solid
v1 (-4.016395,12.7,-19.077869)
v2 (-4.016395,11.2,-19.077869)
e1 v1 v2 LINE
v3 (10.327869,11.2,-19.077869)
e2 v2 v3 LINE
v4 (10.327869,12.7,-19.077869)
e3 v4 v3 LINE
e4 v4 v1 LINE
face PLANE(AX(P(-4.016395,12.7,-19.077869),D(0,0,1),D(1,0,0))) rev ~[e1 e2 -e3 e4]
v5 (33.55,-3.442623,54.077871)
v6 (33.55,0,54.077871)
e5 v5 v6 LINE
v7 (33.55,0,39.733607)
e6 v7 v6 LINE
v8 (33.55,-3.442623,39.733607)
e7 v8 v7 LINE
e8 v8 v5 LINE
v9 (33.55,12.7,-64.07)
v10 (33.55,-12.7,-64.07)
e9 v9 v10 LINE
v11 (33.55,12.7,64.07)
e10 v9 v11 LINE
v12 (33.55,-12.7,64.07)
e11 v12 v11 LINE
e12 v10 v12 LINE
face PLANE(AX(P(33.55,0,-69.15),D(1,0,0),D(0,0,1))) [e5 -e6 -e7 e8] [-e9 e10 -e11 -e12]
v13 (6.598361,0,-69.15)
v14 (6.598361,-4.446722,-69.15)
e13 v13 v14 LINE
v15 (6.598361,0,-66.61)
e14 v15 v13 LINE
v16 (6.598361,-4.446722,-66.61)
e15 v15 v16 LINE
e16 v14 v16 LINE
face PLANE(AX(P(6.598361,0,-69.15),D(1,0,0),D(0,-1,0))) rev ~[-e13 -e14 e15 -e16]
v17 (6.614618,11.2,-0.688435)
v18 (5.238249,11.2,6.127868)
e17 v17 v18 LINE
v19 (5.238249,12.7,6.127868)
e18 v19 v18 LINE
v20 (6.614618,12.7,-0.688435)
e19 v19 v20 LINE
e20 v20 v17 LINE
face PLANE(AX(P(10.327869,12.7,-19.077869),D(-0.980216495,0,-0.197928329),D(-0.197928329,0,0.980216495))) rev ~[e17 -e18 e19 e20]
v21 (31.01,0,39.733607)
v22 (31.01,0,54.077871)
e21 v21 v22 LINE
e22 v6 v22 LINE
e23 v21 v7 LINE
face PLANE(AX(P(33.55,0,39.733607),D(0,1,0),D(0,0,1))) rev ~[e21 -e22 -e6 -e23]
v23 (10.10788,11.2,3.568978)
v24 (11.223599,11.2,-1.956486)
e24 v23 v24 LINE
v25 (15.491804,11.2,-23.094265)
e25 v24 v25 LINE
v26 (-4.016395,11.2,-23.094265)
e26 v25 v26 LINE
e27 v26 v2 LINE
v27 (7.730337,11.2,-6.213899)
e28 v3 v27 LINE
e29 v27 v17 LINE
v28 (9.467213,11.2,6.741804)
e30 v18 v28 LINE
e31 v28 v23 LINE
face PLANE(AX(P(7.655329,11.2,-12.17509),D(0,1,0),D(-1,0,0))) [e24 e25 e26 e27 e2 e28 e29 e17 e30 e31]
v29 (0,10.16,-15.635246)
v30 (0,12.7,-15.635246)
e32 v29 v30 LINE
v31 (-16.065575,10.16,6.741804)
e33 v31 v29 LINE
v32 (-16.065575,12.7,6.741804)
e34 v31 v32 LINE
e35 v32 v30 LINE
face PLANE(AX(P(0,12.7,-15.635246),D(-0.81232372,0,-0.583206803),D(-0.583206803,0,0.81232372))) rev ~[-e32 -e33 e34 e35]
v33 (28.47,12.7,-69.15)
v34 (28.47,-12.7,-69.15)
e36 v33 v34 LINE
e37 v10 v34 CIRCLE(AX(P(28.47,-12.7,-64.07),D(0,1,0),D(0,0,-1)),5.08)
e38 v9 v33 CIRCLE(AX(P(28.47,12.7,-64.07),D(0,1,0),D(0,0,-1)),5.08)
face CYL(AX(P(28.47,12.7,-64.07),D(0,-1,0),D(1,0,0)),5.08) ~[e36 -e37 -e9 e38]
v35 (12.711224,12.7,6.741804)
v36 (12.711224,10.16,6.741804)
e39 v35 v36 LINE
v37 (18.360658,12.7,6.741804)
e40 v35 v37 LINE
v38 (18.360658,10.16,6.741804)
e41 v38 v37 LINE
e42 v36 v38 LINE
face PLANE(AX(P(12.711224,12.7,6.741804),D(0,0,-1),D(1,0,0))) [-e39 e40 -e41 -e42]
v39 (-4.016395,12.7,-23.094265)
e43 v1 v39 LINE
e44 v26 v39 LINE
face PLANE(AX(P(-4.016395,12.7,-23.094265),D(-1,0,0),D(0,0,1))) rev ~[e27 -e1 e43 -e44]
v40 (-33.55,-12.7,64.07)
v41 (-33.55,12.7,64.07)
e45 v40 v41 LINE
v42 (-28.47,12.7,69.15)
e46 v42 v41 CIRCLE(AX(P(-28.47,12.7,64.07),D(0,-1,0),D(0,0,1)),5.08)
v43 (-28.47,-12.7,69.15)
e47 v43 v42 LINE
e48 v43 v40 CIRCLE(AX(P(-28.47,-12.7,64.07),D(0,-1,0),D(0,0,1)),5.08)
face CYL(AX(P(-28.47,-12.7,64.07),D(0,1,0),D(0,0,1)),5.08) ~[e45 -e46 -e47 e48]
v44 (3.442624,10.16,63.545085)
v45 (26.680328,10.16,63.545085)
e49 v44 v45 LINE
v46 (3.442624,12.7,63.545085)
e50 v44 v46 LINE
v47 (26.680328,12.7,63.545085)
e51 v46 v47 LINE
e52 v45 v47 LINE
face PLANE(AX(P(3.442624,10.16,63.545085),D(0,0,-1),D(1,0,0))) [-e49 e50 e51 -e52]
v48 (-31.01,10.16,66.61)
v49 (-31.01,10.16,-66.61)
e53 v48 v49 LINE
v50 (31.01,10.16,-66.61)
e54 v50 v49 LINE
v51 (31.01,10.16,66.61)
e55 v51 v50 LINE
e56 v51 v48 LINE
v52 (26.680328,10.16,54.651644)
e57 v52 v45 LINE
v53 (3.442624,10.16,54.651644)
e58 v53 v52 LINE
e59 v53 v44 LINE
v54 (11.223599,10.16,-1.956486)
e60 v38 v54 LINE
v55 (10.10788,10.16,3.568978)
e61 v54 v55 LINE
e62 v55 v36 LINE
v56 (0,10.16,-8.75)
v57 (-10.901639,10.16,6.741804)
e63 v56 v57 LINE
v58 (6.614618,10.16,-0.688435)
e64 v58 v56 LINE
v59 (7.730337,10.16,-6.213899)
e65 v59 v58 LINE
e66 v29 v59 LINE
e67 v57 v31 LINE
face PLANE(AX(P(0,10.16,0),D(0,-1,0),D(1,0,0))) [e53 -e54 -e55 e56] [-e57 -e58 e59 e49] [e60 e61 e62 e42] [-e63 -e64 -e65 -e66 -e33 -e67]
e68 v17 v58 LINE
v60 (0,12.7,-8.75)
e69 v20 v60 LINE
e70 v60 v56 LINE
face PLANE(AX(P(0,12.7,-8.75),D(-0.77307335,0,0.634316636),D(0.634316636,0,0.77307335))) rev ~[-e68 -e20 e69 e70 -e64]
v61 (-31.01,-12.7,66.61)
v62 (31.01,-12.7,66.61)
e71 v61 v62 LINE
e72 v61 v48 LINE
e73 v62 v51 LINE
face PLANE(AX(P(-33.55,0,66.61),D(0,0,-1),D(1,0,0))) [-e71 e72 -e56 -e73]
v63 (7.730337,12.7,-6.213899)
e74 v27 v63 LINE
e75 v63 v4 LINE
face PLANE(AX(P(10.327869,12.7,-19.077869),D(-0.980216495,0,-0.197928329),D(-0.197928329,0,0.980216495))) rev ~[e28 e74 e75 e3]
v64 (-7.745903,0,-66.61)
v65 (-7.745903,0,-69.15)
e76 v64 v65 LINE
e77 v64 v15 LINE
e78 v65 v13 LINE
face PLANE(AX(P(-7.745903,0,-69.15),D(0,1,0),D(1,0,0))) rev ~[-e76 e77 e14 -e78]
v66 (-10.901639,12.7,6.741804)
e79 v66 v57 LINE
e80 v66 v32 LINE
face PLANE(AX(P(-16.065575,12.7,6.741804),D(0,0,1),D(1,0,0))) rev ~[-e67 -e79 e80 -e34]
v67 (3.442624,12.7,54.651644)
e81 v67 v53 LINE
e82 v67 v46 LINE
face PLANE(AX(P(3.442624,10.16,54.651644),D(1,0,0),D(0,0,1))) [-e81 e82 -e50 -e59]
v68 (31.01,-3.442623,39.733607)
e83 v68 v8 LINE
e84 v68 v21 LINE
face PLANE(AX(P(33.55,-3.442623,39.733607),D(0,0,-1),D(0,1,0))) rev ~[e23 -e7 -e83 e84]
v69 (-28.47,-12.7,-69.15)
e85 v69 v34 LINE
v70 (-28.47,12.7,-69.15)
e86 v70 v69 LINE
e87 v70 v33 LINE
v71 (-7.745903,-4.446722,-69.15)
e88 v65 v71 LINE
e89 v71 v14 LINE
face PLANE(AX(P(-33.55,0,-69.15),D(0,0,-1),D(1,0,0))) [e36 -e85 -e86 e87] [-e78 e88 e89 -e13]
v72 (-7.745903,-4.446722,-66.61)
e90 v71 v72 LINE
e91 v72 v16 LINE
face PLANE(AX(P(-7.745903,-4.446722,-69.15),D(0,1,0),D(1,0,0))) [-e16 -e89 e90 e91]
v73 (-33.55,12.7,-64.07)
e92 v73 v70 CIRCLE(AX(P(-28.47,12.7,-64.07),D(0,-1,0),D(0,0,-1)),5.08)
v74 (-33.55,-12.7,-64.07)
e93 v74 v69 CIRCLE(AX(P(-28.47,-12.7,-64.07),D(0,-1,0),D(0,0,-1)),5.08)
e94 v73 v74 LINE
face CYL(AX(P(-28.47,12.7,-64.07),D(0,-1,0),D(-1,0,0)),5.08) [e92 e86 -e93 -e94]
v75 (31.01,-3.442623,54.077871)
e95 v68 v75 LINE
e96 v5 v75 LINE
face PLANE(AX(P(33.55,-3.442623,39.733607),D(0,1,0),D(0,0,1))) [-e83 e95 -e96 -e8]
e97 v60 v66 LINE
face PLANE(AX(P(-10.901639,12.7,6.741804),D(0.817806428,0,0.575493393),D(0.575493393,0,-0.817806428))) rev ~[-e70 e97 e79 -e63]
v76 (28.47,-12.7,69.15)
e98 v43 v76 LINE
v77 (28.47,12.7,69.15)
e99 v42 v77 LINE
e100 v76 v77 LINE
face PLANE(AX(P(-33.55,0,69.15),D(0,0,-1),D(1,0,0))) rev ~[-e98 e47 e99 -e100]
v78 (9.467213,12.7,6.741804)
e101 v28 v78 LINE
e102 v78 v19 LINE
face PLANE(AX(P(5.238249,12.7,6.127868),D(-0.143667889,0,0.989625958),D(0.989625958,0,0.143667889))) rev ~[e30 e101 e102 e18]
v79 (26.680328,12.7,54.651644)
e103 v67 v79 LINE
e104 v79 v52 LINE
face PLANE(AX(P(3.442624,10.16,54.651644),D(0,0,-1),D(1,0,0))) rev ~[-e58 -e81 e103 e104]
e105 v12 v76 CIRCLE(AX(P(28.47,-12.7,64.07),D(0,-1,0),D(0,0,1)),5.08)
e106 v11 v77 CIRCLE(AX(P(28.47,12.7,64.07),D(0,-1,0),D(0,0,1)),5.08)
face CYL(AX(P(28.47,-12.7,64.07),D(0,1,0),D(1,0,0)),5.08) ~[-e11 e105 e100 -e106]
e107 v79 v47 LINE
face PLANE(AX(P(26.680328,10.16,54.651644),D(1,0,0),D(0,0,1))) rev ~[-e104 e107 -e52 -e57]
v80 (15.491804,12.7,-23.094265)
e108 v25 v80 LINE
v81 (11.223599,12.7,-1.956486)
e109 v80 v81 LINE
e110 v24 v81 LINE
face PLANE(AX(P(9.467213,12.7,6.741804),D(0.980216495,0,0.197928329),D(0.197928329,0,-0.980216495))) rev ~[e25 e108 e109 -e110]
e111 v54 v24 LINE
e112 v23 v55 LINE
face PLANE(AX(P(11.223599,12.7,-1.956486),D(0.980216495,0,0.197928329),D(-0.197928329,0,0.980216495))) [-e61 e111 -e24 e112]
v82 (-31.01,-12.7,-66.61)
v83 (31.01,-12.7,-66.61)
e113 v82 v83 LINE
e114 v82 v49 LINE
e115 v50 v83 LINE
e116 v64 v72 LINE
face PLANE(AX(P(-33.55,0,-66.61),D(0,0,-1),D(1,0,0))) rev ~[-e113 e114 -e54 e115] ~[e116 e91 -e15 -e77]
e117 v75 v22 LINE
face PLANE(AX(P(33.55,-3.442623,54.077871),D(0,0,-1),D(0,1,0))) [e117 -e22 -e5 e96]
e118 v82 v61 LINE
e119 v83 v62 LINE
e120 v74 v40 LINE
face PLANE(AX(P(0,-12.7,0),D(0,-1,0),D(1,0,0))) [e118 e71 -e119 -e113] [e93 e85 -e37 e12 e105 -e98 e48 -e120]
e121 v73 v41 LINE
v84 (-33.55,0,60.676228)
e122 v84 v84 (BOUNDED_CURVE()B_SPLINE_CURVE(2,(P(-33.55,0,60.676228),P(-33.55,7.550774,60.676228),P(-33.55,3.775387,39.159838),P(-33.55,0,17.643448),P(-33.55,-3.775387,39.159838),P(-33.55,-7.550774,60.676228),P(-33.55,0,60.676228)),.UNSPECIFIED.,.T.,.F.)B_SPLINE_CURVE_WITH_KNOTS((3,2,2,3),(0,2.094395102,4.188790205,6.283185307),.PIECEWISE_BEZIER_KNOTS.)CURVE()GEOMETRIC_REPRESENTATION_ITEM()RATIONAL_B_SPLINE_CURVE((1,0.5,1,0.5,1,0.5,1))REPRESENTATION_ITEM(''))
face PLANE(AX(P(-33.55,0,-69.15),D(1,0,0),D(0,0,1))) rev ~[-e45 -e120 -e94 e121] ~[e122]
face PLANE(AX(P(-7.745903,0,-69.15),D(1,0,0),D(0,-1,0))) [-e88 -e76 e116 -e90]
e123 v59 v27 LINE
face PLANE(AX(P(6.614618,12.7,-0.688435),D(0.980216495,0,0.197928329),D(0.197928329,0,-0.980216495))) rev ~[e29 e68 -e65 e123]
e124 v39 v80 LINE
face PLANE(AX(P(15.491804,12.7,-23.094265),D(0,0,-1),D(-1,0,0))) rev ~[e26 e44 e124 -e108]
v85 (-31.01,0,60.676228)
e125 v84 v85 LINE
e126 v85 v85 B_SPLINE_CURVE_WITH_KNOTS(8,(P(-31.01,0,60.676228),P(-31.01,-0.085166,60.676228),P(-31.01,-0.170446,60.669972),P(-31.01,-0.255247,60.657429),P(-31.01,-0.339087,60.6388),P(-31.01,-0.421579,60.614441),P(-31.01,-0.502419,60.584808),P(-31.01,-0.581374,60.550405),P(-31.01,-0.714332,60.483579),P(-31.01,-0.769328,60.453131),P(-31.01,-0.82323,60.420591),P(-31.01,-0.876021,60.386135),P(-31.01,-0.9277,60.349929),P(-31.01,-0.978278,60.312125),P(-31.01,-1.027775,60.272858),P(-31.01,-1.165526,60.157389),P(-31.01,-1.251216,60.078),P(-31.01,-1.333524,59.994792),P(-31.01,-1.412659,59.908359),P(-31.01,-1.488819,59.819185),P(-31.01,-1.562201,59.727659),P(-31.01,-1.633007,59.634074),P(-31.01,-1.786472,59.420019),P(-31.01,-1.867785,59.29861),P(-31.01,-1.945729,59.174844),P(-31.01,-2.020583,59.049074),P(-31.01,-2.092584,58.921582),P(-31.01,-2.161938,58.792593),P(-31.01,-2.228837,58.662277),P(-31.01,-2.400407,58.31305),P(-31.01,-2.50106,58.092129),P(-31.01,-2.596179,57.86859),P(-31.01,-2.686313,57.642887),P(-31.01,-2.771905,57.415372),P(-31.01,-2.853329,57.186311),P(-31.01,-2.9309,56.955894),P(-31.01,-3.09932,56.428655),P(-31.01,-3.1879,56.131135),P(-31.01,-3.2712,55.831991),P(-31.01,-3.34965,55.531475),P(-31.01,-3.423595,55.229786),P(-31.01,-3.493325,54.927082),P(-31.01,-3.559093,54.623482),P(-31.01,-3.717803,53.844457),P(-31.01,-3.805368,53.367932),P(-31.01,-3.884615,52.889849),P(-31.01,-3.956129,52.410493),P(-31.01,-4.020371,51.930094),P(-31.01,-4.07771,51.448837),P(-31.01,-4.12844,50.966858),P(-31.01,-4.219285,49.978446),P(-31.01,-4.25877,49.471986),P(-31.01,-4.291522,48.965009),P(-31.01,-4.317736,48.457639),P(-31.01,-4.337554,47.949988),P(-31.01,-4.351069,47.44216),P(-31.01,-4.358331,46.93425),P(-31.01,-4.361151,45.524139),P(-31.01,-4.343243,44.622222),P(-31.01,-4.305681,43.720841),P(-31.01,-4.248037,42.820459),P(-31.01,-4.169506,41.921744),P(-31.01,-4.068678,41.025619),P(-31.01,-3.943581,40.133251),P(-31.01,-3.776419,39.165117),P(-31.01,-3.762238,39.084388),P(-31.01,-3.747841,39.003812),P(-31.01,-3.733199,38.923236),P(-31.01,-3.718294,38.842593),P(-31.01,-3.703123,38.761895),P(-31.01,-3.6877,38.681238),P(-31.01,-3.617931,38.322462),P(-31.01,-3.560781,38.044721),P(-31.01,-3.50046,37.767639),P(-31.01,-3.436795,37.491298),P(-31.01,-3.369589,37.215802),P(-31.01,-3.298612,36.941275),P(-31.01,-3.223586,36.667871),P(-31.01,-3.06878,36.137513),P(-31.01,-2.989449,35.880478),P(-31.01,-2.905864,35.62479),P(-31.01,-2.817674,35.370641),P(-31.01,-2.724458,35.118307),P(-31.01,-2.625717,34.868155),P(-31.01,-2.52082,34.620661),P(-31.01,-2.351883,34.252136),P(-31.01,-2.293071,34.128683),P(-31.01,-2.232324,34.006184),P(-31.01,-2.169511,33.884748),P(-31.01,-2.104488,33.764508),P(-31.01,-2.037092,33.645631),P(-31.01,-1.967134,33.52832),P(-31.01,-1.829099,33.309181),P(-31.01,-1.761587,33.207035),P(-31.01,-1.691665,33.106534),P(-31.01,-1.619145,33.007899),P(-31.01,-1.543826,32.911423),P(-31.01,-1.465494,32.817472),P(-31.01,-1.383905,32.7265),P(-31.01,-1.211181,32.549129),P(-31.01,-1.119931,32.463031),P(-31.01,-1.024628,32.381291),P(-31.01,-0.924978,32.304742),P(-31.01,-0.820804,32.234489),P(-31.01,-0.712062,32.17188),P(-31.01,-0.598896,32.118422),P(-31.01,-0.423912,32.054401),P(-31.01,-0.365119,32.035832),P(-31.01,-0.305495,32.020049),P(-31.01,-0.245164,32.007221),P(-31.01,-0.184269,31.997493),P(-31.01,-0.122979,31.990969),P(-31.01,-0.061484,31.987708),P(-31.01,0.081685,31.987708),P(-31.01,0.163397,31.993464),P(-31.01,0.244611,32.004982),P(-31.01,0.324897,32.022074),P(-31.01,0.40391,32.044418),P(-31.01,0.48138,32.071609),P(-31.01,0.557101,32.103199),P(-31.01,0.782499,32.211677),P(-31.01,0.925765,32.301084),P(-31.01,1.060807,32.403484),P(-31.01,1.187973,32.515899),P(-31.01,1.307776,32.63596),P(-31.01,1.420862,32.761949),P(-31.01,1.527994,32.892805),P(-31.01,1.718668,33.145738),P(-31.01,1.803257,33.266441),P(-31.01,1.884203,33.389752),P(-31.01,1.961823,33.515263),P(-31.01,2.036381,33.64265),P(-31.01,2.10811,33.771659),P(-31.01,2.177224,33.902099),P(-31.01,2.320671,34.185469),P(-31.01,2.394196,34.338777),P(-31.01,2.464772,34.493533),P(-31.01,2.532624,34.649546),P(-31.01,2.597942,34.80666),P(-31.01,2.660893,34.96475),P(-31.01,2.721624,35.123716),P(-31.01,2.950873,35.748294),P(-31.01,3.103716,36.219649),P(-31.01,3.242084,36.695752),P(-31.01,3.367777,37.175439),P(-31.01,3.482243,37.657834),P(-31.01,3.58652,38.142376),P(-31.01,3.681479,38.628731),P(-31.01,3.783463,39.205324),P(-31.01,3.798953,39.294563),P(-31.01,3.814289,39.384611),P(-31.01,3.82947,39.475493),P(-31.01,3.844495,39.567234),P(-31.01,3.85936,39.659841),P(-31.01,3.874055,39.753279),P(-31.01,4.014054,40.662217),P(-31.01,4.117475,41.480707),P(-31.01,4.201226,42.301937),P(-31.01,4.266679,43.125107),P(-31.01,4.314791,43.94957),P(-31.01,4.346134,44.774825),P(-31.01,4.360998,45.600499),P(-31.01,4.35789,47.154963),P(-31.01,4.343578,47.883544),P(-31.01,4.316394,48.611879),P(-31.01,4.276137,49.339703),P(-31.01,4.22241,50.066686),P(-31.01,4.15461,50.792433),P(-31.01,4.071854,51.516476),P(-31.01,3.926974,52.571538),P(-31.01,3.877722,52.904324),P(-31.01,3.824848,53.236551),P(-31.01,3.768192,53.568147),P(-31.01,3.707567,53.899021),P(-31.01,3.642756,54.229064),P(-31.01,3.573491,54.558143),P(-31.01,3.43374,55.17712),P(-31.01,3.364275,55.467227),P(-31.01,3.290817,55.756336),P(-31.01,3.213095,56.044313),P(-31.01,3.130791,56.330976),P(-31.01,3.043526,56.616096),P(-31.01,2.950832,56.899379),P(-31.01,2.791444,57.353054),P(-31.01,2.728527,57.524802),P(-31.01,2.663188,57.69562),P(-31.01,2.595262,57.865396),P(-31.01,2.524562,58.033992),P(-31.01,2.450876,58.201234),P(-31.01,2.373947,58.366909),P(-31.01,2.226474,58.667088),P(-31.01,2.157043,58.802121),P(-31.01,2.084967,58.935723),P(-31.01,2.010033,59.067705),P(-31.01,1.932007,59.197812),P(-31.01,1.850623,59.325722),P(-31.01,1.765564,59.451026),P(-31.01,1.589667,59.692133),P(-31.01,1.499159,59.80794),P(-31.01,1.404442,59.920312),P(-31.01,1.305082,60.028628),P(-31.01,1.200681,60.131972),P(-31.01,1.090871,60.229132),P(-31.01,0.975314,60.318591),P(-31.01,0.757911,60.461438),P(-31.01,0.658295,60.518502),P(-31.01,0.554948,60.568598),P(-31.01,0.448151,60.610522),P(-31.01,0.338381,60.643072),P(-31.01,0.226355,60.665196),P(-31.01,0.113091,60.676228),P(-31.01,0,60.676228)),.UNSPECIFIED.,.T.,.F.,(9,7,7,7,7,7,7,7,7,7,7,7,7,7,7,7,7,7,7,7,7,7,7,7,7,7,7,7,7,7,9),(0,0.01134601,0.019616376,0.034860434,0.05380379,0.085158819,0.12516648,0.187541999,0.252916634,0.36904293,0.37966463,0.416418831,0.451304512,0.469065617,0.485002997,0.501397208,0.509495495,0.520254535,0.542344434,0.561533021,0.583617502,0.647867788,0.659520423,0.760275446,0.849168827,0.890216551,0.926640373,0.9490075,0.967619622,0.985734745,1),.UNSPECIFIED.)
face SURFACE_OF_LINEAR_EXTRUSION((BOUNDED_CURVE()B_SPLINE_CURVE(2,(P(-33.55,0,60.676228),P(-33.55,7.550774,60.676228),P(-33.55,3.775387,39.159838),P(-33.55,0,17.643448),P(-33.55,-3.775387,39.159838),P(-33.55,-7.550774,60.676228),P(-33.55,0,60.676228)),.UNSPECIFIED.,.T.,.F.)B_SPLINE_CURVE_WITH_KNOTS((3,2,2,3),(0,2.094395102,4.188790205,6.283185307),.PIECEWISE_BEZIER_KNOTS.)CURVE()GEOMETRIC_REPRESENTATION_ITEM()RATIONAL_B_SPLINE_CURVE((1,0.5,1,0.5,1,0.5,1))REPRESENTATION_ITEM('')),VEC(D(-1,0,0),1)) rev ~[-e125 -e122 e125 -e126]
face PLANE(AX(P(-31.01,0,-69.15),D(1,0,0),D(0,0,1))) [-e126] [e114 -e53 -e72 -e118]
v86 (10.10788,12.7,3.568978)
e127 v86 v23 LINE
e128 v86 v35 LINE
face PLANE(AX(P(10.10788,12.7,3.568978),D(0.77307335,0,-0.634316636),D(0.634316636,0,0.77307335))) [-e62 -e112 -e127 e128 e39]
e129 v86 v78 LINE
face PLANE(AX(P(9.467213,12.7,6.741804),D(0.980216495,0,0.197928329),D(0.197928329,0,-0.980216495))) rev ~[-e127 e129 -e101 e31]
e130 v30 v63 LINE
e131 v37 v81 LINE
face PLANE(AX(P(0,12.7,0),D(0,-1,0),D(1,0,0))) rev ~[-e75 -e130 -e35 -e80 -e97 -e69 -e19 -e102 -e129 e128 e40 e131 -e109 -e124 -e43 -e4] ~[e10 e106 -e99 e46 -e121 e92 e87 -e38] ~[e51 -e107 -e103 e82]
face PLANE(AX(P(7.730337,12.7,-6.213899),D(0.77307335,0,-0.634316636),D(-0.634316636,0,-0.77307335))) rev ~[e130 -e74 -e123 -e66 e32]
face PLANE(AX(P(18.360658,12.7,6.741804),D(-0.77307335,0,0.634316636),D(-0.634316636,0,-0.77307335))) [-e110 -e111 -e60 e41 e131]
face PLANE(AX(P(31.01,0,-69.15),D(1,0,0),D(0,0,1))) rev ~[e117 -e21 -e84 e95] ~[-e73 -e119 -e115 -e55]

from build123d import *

# Parameters (mm, degrees)
F0_W      = 67.1
F0_H      = 138.3
F1_DEPTH  = 12.7
F2_T      = -2.54
F3_R      = 5.08
F4_W      = 23.2377038337
F4_H      = 8.8934414089
F5_DEPTH  = 12.5
F6_W      = 14.3442638218
F6_H      = 4.4467216358
F7_DEPTH  = 35
F9_DEPTH  = 27.5
F10_W     = 3.4426231869
F10_H     = 14.3442638218
F11_DEPTH = 27.5
F13_DEPTH = 1.5
F15_DEPTH = 27.5


with BuildPart() as f1:
    # F0 (on Front) → F1 (new body, symmetric)
    with BuildSketch(Plane.XZ):
        Rectangle(F0_W, F0_H)
    extrude(amount=F1_DEPTH, both=True)

    # F2
    f2_openings = [f1.faces().sort_by_distance(p)[0] for p in [
        (0, -12.7, 0),
    ]]
    offset(amount=F2_T, openings=f2_openings)

    # F3
    f3_edges = [f1.edges().sort_by_distance(p)[0] for p in [
        (33.55, 0, 69.15),
        (33.55, 0, -69.15),
        (-33.55, 0, 69.15),
        (-33.55, 0, -69.15),
    ]]
    fillet(f3_edges, radius=F3_R)

    # F4 (on face) → F5 (cut, symmetric)
    with BuildSketch(Plane.XZ.offset(-10.16)):
        with Locations((15.061476035, 59.0983647853)):
            Rectangle(F4_W, F4_H)
    extrude(amount=F5_DEPTH, both=True, mode=Mode.SUBTRACT)

    # F6 (on face) → F7 (cut, symmetric)
    with BuildSketch(Plane(origin=(0, 0, -69.15), x_dir=(1, 0, 0), z_dir=(0, 0, -1))):
        with Locations((-0.5737706088, 2.2233608179)):
            Rectangle(F6_W, F6_H)
    extrude(amount=F7_DEPTH, both=True, mode=Mode.SUBTRACT)

    # F8 (on face) → F9 (cut, symmetric)
    with BuildSketch(Plane(origin=(-33.55, 0, 0), x_dir=(0, -1, 0), z_dir=(-1, 0, 0))):
        with BuildLine():
            add(Edge.make_bspline(
                [(0, 60.676228255), (-7.550774062, 60.676228255), (-3.775387031, 39.1598381102), (0, 17.6434479654), (3.775387031, 39.1598381102), (7.550774062, 60.676228255), (0, 60.676228255)],
                knots=[0, 0, 0, 2.0943951024, 2.0943951024, 4.1887902048, 4.1887902048, 6.2831853072, 6.2831853072, 6.2831853072], degree=2, weights=[1, 0.5, 1, 0.5, 1, 0.5, 1]))
        make_face()
    extrude(amount=F9_DEPTH, both=True, mode=Mode.SUBTRACT)

    # F10 (on face) → F11 (cut, symmetric)
    with BuildSketch(Plane.YZ.offset(33.55)):
        with Locations((-1.7213115934, 46.9057392329)):
            Rectangle(F10_W, F10_H)
    extrude(amount=F11_DEPTH, both=True, mode=Mode.SUBTRACT)

    # F12 (on face) → F13 (cut, symmetric)
    with BuildSketch(Plane(origin=(0, 12.7, 0), x_dir=(-1, 0, 0), z_dir=(0, 1, 0))):
        Polygon((-5.2382490833, 6.1278682367), (-9.4672134146, 6.7418036051), (-15.491804108, -23.0942647904), (4.0163947269, -23.0942647904), (4.0163947269, -19.0778691322), (-10.3278690949, -19.0778691322), align=None)
    extrude(amount=F13_DEPTH, both=True, mode=Mode.SUBTRACT)

    # F14 (on face) → F15 (cut, symmetric)
    with BuildSketch(Plane(origin=(0, 12.7, 0), x_dir=(-1, 0, 0), z_dir=(0, 1, 0))):
        Polygon((-12.711224328, 6.7418036051), (-18.3606576174, 6.7418036051), (-11.2235988457, -1.9564862073), (-10.1078801099, 3.5689780455), align=None)
        Polygon((-6.6146179771, -0.6884349019), (-7.730336713, -6.2138991547), (0, -15.635246411), (16.0655751824, 6.7418036051), (10.901639238, 6.7418036051), (0, -8.7500000373), align=None)
    extrude(amount=F15_DEPTH, both=True, mode=Mode.SUBTRACT)


solid = f1.part
